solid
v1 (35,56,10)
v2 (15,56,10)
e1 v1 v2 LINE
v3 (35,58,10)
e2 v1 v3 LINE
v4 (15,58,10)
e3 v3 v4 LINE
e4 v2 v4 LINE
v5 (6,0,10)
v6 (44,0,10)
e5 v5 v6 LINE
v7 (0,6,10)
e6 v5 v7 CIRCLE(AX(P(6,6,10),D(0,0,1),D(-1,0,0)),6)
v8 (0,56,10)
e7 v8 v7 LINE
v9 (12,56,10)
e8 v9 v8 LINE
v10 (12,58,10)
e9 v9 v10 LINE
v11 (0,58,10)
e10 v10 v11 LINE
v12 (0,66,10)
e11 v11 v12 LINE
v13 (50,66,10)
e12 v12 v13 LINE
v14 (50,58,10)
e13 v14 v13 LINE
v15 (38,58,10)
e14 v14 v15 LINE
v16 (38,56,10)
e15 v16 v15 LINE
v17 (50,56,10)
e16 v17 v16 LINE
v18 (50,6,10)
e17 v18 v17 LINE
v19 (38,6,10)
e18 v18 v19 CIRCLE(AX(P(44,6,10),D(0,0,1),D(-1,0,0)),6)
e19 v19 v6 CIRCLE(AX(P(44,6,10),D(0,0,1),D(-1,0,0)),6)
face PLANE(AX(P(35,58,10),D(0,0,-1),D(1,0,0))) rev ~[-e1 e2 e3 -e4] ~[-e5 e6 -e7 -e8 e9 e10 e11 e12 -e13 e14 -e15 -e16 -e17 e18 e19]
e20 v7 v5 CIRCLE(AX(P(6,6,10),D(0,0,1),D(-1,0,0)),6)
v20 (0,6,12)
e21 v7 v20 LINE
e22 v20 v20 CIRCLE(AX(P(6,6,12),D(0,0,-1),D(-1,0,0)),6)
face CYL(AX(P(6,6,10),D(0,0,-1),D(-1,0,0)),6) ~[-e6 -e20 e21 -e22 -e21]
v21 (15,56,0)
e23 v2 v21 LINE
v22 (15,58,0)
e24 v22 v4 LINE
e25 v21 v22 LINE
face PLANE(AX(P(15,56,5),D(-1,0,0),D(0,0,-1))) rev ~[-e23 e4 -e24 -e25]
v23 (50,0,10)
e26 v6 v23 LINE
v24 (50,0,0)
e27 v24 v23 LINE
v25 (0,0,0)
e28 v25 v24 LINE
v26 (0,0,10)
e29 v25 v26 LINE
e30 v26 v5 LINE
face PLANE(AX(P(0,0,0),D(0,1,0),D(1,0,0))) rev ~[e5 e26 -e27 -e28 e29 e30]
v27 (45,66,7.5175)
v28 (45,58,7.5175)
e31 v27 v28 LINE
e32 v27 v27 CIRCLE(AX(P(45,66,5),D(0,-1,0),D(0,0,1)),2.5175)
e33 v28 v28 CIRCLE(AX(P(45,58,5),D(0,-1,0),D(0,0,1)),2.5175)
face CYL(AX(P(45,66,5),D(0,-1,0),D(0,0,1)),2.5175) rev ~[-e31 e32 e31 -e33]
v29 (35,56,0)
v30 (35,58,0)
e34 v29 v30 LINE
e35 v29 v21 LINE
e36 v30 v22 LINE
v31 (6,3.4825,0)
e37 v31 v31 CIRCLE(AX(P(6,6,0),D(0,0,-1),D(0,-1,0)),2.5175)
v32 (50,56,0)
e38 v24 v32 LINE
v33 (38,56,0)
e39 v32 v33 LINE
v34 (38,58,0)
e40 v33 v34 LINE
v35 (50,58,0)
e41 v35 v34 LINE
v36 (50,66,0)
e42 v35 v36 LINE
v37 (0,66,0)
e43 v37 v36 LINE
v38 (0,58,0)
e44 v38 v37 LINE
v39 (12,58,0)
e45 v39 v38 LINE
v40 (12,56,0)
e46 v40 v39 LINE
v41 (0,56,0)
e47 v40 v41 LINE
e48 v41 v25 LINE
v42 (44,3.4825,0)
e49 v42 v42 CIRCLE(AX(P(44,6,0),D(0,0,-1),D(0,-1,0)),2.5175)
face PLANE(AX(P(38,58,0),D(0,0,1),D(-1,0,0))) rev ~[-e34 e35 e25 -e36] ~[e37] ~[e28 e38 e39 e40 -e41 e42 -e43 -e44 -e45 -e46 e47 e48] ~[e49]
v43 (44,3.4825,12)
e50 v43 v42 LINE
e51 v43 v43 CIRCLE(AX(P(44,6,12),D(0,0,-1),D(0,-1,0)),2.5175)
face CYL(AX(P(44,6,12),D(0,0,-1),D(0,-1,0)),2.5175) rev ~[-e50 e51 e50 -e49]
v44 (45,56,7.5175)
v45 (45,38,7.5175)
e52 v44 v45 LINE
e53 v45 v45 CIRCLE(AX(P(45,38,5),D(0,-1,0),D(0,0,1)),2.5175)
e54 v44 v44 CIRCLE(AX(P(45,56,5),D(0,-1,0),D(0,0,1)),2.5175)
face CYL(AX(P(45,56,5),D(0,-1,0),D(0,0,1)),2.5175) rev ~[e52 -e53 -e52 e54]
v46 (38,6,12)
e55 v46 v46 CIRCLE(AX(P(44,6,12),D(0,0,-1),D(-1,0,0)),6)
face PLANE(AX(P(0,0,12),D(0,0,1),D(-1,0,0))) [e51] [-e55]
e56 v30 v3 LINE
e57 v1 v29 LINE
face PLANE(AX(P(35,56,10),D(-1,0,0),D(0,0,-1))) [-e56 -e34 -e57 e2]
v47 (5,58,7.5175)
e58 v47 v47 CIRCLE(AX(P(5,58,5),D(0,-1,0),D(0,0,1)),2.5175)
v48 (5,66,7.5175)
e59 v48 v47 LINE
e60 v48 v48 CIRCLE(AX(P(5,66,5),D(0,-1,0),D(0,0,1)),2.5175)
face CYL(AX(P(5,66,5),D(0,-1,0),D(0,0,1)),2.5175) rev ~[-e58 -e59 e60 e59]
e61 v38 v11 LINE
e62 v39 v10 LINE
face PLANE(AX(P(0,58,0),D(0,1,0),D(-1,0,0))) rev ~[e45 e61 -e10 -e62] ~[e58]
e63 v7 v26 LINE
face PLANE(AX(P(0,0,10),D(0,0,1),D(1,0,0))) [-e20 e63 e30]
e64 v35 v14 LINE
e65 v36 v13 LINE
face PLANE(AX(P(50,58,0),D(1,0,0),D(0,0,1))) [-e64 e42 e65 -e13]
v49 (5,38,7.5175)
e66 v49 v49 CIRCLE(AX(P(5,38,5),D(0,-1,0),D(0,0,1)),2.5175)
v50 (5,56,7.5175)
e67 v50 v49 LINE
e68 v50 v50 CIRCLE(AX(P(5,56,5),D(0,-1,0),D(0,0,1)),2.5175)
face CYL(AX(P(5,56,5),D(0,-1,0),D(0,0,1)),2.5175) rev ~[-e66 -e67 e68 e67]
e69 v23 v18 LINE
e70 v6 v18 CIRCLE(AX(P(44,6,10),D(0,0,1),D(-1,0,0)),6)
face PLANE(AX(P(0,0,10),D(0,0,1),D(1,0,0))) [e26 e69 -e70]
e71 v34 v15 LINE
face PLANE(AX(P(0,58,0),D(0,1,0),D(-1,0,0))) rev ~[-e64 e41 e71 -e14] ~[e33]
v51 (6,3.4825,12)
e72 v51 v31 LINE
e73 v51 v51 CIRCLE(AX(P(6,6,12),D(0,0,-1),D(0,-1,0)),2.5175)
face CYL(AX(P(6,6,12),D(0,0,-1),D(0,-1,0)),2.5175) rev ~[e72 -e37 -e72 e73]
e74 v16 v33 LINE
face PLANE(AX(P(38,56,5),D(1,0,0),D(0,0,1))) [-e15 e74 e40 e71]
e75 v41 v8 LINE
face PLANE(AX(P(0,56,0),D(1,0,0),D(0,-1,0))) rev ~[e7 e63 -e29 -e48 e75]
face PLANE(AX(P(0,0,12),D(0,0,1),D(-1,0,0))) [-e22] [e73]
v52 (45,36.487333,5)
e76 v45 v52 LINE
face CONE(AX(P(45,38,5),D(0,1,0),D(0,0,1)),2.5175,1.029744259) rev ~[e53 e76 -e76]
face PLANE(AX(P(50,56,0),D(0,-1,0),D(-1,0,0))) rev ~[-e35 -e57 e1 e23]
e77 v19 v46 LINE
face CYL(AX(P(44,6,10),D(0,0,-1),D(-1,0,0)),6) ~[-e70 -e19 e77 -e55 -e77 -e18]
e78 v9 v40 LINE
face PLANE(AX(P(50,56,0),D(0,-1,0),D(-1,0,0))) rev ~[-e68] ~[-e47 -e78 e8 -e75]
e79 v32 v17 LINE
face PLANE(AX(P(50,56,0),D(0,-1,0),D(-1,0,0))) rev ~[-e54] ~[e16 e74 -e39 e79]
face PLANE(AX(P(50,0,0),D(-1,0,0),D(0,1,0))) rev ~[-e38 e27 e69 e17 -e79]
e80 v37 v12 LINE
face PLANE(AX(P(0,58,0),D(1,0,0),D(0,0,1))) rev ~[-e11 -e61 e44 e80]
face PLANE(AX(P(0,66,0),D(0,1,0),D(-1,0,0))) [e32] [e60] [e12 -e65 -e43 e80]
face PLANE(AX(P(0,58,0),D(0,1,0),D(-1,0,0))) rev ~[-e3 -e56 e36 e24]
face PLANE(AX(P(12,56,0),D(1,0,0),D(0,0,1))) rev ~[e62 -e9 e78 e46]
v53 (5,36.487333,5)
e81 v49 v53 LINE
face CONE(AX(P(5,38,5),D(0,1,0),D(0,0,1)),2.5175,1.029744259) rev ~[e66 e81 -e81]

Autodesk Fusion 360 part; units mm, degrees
sketch "Sketch1" plane through (0, 0, 0) normal (0, 0, 1) x (1, 0, 0)
  line L0 (0, 0) -> (50, 0)
  line L1 (50, 0) -> (50, 56)
  line L2 (50, 56) -> (0, 56)
  line L3 (0, 56) -> (0, 0)
  dimension "d1" = 50
  dimension "d2" = 56
extrude "Extrude1" add sketch "Sketch1" along normal blind 10
sketch "Sketch2" plane through (0, 0, 10) normal (0, 0, 1) x (-1, 0, 0)
  line L0 (0, -56) -> (0, 0)
  line L1 (0, 0) -> (-50, 0)
  line L2 (-50, 0) -> (-50, -56)
  line L3 (-50, -56) -> (0, -56)
  line L4 (0, 0) -> (-6, 0)
  line L5 (-6, 0) -> (-6, -6)
  circle A0 centre (-6, -6) radius 6
  line L6 (-50, 0) -> (-44, 0)
  line L7 (-44, 0) -> (-44, -6)
  circle A1 centre (-44, -6) radius 6
  dimension "d5" = 6
  dimension "d6" = 6
  dimension "d7" = 12
  dimension "d8" = 6
  dimension "d9" = 6
  dimension "d10" = 12
extrude "Extrude2" add sketch "Sketch2" along normal blind 2 contours A0 | A1
sketch "Sketch3" plane through (0, 0, 12) normal (0, 0, 1) x (-1, 0, 0)
  circle A0 centre (-6, -6) radius 6
  line L0 (-6, -6) -> (-12, -6)
sketch "Sketch4" plane through (0, 0, 12) normal (0, 0, 1) x (-1, 0, 0)
  circle A0 centre (-44, -6) radius 6
  line L0 (-44, -6) -> (-50, -6)
hole "Hole1" at (6, 6, 12) at (44, 6, 12) direction (0, 0, -1) diameter 5.035 depth 15 tip angle 118
sketch "Sketch5" plane through (0, 56, 0) normal (0, 1, 0) x (-1, 0, 0)
  line L0 (-50, 0) -> (0, 0)
  line L1 (0, 0) -> (0, 10)
  line L2 (0, 10) -> (-50, 10)
  line L3 (-50, 10) -> (-50, 0)
  line L4 (-50, 5) -> (-45, 5)
  line L5 (0, 5) -> (-5, 5)
  dimension "d23" = 5
  dimension "d24" = 5
hole "Hole3" at (45, 56, 5) at (5, 56, 5) direction (0, -1, 0) diameter 5.035 depth 18 tip angle 118
sketch "Sketch6" plane through (0, 56, 0) normal (0, 1, 0) x (-1, 0, 0)
  circle A0 centre (-45, 5) radius 2.5175
  circle A1 centre (-5, 5) radius 2.5175
  line L0 (-50, 0) -> (0, 0)
  line L1 (0, 0) -> (0, 10)
  line L2 (0, 10) -> (-50, 10)
  line L3 (-50, 10) -> (-50, 0)
  line L4 (-45, 5) -> (-35, 5)
  line L5 (-5, 5) -> (-15, 5)
  line L6 (-35, 5) -> (-35, 0)
  line L7 (-15, 5) -> (-15, 0)
  line L8 (-35, 0) -> (-38, 0)
  line L9 (-38, 0) -> (-38, 10)
  line L10 (-38, 10) -> (-35, 10)
  line L11 (-35, 10) -> (-35, 0)
  line L12 (-15, 0) -> (-12, 0)
  line L13 (-12, 0) -> (-12, 10)
  line L14 (-12, 10) -> (-15, 10)
  line L15 (-15, 10) -> (-15, 0)
  dimension "d28" = 10
  dimension "d29" = 10
  dimension "d30" = 3
  dimension "d31" = 3
extrude "Extrude3" add sketch "Sketch6" along normal blind 2 contours L2 L4 L9 L10 L11 | L0 L4 L6 L8 L9 L11 | L0 L5 L7 L12 L13 L15 | L2 L5 L13 L14 L15
sketch "Sketch7" plane through (0, 58, 0) normal (0, 1, 0) x (-1, 0, 0)
  line L0 (-35, 10) -> (-38, 10)
  line L1 (-38, 10) -> (-38, 0)
  line L2 (-38, 0) -> (-35, 0)
  line L3 (-35, 0) -> (-35, 10)
  line L4 (-35, 0) -> (-50, 0)
  line L5 (-50, 0) -> (-50, 10)
  line L6 (-50, 10) -> (-35, 10)
  line L7 (-35, 10) -> (-35, 0)
  line L8 (-35, 0) -> (0, 0)
  line L9 (0, 0) -> (0, 10)
  line L10 (0, 10) -> (-35, 10)
  line L11 (-35, 10) -> (-35, 0)
  dimension "d34" = 15
  dimension "d35" = 10
  dimension "d36" = 35
  dimension "d37" = 10
extrude "Extrude4" add sketch "Sketch7" along normal blind 8
sketch "Sketch8" plane through (0, 66, 0) normal (0, 1, 0) x (-1, 0, 0)
  line L0 (-50, 0) -> (0, 0)
  line L1 (0, 0) -> (0, 10)
  line L2 (0, 10) -> (-50, 10)
  line L3 (-50, 10) -> (-50, 0)
  line L4 (-50, 5) -> (-45, 5)
  line L5 (0, 5) -> (-5, 5)
  dimension "d40" = 5
  dimension "d41" = 5
hole "Hole4" at (45, 66, 5) at (5, 66, 5) direction (0, -1, 0) diameter 5.035 depth 28 tip angle 118
